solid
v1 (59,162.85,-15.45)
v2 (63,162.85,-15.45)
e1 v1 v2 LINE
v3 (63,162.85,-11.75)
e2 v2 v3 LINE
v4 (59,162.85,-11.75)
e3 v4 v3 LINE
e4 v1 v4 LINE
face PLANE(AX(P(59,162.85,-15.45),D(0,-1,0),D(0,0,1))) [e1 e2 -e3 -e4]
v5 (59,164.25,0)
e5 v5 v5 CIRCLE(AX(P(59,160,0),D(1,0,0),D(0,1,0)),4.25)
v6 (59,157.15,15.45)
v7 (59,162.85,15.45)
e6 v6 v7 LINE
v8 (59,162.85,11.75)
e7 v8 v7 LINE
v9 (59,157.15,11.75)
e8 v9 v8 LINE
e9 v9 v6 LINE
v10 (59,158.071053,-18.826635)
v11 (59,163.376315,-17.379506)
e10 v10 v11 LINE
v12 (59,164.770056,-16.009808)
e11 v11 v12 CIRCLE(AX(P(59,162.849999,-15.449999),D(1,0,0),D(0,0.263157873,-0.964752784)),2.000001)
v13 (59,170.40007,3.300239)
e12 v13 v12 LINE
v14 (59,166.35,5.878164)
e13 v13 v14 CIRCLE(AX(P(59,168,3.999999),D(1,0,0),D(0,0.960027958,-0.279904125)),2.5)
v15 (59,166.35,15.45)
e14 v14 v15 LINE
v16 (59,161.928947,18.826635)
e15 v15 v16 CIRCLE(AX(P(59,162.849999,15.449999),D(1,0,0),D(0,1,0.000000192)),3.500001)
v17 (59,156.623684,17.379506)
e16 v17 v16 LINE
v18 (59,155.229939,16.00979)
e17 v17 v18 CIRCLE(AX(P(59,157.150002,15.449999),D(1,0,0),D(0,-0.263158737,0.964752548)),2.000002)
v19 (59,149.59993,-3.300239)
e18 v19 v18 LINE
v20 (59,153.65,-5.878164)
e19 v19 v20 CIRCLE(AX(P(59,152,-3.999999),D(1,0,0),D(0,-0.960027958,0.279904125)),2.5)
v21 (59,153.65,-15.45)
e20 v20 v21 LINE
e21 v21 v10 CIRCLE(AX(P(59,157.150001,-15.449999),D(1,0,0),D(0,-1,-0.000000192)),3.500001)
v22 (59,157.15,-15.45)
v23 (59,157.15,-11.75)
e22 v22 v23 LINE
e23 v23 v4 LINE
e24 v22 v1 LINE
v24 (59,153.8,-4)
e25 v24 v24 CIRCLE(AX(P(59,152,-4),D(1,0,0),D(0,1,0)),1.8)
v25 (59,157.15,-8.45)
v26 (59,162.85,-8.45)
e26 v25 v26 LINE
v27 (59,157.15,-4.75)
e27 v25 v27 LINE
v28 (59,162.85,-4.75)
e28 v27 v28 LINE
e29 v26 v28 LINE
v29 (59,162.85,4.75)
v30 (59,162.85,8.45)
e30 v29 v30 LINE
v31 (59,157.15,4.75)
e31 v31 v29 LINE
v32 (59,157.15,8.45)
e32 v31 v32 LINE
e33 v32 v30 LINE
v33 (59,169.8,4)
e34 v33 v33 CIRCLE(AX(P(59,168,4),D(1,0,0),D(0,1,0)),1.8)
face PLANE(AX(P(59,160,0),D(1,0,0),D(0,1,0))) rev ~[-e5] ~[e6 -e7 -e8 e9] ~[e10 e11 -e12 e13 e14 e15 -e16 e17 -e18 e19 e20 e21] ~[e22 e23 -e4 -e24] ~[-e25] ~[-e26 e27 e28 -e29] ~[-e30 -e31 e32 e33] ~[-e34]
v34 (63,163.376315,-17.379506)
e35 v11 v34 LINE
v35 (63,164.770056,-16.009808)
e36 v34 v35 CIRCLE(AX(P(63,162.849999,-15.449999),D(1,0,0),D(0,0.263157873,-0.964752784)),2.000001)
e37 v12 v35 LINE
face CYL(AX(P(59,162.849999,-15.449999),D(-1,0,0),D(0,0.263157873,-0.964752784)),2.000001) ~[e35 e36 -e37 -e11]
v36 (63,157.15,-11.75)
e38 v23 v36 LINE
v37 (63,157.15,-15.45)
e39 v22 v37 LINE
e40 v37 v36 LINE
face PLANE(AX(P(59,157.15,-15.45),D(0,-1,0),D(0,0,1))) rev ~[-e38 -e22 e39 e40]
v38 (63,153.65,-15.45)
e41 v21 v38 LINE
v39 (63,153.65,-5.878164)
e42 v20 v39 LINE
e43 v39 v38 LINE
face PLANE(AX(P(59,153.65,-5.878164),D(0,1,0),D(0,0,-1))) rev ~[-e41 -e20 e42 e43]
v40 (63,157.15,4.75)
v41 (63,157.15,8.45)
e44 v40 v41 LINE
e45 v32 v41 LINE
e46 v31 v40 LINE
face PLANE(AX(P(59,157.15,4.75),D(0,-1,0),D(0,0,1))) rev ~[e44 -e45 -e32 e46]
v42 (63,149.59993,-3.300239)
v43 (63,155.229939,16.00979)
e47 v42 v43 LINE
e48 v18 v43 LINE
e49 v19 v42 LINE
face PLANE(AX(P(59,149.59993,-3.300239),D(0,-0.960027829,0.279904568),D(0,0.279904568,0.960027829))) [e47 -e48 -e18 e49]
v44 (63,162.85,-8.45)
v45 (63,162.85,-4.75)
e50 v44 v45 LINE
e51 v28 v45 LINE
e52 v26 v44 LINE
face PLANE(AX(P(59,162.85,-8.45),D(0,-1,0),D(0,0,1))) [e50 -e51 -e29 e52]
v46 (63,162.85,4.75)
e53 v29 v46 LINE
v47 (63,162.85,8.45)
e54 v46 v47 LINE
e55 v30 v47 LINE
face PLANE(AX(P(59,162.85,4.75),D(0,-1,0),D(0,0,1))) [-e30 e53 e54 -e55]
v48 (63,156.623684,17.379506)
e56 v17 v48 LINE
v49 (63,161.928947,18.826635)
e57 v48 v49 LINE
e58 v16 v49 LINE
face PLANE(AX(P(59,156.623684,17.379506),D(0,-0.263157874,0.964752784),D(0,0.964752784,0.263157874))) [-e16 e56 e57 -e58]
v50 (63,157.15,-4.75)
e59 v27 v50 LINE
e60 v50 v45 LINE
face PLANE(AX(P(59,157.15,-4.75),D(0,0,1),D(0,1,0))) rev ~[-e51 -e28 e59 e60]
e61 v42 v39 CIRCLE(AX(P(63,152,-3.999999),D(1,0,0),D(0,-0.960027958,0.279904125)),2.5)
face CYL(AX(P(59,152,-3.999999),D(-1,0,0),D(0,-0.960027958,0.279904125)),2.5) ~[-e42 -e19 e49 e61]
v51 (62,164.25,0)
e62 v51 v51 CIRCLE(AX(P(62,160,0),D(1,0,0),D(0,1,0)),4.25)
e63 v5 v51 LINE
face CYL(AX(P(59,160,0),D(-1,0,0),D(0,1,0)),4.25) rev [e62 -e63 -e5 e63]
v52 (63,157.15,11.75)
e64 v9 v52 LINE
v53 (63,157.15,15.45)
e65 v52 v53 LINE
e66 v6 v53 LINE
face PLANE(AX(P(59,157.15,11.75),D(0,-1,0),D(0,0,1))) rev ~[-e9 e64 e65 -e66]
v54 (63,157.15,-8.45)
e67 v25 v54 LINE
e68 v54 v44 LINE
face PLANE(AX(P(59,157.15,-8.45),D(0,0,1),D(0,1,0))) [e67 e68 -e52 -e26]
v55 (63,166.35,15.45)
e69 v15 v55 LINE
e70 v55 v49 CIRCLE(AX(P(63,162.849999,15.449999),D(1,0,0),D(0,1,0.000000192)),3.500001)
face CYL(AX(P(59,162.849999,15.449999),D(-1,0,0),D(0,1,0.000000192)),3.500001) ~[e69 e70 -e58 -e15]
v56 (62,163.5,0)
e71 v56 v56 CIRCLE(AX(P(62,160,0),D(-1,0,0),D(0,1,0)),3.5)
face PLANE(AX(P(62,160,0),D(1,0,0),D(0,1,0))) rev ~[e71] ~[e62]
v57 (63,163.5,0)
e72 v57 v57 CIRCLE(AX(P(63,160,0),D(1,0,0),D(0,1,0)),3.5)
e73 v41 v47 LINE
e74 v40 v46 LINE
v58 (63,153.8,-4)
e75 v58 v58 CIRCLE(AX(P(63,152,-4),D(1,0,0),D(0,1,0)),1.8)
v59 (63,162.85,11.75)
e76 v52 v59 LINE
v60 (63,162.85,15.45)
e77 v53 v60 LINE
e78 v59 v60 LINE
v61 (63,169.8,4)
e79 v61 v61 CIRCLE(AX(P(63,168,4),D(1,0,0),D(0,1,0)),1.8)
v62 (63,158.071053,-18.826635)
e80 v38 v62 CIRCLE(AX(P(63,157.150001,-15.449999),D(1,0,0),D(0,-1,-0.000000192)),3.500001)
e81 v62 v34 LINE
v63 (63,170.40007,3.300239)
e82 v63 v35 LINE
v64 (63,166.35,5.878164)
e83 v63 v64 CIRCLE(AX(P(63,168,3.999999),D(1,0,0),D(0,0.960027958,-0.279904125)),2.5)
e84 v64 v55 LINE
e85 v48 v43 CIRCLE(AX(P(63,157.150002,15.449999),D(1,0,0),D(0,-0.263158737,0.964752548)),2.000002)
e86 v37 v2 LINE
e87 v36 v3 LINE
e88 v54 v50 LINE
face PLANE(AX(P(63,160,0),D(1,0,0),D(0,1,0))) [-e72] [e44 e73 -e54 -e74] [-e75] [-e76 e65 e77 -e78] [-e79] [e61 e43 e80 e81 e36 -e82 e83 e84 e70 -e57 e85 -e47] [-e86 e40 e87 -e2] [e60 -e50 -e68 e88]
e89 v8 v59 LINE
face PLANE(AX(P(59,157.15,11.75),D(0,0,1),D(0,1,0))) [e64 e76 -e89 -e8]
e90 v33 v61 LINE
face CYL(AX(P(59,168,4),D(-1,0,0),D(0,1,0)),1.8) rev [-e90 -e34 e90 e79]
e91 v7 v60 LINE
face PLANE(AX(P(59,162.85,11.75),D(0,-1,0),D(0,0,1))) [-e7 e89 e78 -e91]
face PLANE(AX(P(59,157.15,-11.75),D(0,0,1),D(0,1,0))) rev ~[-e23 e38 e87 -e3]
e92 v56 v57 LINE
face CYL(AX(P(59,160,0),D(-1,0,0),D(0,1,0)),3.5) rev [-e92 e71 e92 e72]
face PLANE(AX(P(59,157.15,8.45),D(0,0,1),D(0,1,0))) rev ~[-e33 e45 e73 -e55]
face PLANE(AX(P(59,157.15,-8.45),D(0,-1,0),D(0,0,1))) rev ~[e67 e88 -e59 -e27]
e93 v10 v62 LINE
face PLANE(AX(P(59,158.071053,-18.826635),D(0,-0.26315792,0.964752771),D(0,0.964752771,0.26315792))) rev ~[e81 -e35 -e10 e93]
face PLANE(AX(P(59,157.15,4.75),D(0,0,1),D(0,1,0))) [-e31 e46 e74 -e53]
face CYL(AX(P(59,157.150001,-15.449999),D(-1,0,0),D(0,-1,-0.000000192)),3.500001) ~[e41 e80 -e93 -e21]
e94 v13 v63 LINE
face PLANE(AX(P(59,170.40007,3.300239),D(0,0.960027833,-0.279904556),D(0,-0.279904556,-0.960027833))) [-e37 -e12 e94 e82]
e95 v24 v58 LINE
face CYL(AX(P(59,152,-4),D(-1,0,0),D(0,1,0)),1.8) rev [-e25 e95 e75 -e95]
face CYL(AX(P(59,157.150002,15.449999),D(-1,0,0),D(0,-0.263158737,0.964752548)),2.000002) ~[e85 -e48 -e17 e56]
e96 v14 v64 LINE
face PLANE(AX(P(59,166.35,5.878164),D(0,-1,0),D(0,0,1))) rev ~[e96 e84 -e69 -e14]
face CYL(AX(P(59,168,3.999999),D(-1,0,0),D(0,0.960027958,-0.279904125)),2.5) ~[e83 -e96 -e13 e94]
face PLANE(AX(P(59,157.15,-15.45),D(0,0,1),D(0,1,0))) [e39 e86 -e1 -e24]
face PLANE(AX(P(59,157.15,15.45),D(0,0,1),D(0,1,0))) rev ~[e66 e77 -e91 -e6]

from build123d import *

# Parameters (mm, degrees)
SKETCH171_R     = 4.25
PAD127009_DEPTH = 3
SKETCH147_R     = 3.5
SKETCH147_R_2   = 1.8
SKETCH147_W     = 5.7
SKETCH147_H     = 3.7
PAD115_DEPTH    = 4


with BuildPart() as bearingcutout:
    # Sketch171 → Pad127009 (new body)
    with BuildSketch(Plane(origin=(59, 160, 0), x_dir=(0, 1, 0), z_dir=(1, 0, 0))):
        Circle(SKETCH171_R)
    extrude(amount=PAD127009_DEPTH)


with BuildPart() as wheelbearingbase:
    # Sketch147 → Pad115 (new body)
    with BuildSketch(Plane(origin=(59, 160, 0), x_dir=(0, 1, 0), z_dir=(1, 0, 0))):
        with BuildLine():
            ThreePointArc((10.40007, 3.300239), (9.342414, 6.10901), (6.35, 5.878164))
            Line((6.35, 5.878164), (6.35, 15.45))
            ThreePointArc((6.35, 15.45), (4.974419, 18.231518), (1.928947, 18.826635))
            Line((-3.376316, 17.379506), (1.928947, 18.826635))
            ThreePointArc((-3.376316, 17.379506), (-4.251863, 16.876457), (-4.770061, 16.00979))
            Line((-10.40007, -3.300239), (-4.770061, 16.00979))
            ThreePointArc((-10.40007, -3.300239), (-9.342414, -6.10901), (-6.35, -5.878164))
            Line((-6.35, -5.878164), (-6.35, -15.45))
            ThreePointArc((-6.35, -15.45), (-4.974419, -18.231518), (-1.928947, -18.826635))
            Line((-1.928947, -18.826635), (3.376315, -17.379506))
            ThreePointArc((3.376315, -17.379506), (4.251856, -16.876464), (4.770056, -16.009808))
            Line((10.40007, 3.300239), (4.770056, -16.009808))
        make_face()
        Circle(SKETCH147_R, mode=Mode.SUBTRACT)
        with Locations((-8, -4)):
            Circle(SKETCH147_R_2, mode=Mode.SUBTRACT)
        with Locations((8, 4)):
            Circle(SKETCH147_R_2, mode=Mode.SUBTRACT)
        with Locations((0, 6.6)):
            Rectangle(SKETCH147_W, SKETCH147_H, mode=Mode.SUBTRACT)
        with Locations((0, -13.6)):
            Rectangle(SKETCH147_W, SKETCH147_H, mode=Mode.SUBTRACT)
        with Locations((0, 13.6)):
            Rectangle(SKETCH147_W, SKETCH147_H, mode=Mode.SUBTRACT)
        with Locations((0, -6.6)):
            Rectangle(SKETCH147_W, SKETCH147_H, mode=Mode.SUBTRACT)
    extrude(amount=PAD115_DEPTH)

    # Cut007019018: cut BearingCutout
    add(bearingcutout.part, mode=Mode.SUBTRACT)


solid = wheelbearingbase.part
